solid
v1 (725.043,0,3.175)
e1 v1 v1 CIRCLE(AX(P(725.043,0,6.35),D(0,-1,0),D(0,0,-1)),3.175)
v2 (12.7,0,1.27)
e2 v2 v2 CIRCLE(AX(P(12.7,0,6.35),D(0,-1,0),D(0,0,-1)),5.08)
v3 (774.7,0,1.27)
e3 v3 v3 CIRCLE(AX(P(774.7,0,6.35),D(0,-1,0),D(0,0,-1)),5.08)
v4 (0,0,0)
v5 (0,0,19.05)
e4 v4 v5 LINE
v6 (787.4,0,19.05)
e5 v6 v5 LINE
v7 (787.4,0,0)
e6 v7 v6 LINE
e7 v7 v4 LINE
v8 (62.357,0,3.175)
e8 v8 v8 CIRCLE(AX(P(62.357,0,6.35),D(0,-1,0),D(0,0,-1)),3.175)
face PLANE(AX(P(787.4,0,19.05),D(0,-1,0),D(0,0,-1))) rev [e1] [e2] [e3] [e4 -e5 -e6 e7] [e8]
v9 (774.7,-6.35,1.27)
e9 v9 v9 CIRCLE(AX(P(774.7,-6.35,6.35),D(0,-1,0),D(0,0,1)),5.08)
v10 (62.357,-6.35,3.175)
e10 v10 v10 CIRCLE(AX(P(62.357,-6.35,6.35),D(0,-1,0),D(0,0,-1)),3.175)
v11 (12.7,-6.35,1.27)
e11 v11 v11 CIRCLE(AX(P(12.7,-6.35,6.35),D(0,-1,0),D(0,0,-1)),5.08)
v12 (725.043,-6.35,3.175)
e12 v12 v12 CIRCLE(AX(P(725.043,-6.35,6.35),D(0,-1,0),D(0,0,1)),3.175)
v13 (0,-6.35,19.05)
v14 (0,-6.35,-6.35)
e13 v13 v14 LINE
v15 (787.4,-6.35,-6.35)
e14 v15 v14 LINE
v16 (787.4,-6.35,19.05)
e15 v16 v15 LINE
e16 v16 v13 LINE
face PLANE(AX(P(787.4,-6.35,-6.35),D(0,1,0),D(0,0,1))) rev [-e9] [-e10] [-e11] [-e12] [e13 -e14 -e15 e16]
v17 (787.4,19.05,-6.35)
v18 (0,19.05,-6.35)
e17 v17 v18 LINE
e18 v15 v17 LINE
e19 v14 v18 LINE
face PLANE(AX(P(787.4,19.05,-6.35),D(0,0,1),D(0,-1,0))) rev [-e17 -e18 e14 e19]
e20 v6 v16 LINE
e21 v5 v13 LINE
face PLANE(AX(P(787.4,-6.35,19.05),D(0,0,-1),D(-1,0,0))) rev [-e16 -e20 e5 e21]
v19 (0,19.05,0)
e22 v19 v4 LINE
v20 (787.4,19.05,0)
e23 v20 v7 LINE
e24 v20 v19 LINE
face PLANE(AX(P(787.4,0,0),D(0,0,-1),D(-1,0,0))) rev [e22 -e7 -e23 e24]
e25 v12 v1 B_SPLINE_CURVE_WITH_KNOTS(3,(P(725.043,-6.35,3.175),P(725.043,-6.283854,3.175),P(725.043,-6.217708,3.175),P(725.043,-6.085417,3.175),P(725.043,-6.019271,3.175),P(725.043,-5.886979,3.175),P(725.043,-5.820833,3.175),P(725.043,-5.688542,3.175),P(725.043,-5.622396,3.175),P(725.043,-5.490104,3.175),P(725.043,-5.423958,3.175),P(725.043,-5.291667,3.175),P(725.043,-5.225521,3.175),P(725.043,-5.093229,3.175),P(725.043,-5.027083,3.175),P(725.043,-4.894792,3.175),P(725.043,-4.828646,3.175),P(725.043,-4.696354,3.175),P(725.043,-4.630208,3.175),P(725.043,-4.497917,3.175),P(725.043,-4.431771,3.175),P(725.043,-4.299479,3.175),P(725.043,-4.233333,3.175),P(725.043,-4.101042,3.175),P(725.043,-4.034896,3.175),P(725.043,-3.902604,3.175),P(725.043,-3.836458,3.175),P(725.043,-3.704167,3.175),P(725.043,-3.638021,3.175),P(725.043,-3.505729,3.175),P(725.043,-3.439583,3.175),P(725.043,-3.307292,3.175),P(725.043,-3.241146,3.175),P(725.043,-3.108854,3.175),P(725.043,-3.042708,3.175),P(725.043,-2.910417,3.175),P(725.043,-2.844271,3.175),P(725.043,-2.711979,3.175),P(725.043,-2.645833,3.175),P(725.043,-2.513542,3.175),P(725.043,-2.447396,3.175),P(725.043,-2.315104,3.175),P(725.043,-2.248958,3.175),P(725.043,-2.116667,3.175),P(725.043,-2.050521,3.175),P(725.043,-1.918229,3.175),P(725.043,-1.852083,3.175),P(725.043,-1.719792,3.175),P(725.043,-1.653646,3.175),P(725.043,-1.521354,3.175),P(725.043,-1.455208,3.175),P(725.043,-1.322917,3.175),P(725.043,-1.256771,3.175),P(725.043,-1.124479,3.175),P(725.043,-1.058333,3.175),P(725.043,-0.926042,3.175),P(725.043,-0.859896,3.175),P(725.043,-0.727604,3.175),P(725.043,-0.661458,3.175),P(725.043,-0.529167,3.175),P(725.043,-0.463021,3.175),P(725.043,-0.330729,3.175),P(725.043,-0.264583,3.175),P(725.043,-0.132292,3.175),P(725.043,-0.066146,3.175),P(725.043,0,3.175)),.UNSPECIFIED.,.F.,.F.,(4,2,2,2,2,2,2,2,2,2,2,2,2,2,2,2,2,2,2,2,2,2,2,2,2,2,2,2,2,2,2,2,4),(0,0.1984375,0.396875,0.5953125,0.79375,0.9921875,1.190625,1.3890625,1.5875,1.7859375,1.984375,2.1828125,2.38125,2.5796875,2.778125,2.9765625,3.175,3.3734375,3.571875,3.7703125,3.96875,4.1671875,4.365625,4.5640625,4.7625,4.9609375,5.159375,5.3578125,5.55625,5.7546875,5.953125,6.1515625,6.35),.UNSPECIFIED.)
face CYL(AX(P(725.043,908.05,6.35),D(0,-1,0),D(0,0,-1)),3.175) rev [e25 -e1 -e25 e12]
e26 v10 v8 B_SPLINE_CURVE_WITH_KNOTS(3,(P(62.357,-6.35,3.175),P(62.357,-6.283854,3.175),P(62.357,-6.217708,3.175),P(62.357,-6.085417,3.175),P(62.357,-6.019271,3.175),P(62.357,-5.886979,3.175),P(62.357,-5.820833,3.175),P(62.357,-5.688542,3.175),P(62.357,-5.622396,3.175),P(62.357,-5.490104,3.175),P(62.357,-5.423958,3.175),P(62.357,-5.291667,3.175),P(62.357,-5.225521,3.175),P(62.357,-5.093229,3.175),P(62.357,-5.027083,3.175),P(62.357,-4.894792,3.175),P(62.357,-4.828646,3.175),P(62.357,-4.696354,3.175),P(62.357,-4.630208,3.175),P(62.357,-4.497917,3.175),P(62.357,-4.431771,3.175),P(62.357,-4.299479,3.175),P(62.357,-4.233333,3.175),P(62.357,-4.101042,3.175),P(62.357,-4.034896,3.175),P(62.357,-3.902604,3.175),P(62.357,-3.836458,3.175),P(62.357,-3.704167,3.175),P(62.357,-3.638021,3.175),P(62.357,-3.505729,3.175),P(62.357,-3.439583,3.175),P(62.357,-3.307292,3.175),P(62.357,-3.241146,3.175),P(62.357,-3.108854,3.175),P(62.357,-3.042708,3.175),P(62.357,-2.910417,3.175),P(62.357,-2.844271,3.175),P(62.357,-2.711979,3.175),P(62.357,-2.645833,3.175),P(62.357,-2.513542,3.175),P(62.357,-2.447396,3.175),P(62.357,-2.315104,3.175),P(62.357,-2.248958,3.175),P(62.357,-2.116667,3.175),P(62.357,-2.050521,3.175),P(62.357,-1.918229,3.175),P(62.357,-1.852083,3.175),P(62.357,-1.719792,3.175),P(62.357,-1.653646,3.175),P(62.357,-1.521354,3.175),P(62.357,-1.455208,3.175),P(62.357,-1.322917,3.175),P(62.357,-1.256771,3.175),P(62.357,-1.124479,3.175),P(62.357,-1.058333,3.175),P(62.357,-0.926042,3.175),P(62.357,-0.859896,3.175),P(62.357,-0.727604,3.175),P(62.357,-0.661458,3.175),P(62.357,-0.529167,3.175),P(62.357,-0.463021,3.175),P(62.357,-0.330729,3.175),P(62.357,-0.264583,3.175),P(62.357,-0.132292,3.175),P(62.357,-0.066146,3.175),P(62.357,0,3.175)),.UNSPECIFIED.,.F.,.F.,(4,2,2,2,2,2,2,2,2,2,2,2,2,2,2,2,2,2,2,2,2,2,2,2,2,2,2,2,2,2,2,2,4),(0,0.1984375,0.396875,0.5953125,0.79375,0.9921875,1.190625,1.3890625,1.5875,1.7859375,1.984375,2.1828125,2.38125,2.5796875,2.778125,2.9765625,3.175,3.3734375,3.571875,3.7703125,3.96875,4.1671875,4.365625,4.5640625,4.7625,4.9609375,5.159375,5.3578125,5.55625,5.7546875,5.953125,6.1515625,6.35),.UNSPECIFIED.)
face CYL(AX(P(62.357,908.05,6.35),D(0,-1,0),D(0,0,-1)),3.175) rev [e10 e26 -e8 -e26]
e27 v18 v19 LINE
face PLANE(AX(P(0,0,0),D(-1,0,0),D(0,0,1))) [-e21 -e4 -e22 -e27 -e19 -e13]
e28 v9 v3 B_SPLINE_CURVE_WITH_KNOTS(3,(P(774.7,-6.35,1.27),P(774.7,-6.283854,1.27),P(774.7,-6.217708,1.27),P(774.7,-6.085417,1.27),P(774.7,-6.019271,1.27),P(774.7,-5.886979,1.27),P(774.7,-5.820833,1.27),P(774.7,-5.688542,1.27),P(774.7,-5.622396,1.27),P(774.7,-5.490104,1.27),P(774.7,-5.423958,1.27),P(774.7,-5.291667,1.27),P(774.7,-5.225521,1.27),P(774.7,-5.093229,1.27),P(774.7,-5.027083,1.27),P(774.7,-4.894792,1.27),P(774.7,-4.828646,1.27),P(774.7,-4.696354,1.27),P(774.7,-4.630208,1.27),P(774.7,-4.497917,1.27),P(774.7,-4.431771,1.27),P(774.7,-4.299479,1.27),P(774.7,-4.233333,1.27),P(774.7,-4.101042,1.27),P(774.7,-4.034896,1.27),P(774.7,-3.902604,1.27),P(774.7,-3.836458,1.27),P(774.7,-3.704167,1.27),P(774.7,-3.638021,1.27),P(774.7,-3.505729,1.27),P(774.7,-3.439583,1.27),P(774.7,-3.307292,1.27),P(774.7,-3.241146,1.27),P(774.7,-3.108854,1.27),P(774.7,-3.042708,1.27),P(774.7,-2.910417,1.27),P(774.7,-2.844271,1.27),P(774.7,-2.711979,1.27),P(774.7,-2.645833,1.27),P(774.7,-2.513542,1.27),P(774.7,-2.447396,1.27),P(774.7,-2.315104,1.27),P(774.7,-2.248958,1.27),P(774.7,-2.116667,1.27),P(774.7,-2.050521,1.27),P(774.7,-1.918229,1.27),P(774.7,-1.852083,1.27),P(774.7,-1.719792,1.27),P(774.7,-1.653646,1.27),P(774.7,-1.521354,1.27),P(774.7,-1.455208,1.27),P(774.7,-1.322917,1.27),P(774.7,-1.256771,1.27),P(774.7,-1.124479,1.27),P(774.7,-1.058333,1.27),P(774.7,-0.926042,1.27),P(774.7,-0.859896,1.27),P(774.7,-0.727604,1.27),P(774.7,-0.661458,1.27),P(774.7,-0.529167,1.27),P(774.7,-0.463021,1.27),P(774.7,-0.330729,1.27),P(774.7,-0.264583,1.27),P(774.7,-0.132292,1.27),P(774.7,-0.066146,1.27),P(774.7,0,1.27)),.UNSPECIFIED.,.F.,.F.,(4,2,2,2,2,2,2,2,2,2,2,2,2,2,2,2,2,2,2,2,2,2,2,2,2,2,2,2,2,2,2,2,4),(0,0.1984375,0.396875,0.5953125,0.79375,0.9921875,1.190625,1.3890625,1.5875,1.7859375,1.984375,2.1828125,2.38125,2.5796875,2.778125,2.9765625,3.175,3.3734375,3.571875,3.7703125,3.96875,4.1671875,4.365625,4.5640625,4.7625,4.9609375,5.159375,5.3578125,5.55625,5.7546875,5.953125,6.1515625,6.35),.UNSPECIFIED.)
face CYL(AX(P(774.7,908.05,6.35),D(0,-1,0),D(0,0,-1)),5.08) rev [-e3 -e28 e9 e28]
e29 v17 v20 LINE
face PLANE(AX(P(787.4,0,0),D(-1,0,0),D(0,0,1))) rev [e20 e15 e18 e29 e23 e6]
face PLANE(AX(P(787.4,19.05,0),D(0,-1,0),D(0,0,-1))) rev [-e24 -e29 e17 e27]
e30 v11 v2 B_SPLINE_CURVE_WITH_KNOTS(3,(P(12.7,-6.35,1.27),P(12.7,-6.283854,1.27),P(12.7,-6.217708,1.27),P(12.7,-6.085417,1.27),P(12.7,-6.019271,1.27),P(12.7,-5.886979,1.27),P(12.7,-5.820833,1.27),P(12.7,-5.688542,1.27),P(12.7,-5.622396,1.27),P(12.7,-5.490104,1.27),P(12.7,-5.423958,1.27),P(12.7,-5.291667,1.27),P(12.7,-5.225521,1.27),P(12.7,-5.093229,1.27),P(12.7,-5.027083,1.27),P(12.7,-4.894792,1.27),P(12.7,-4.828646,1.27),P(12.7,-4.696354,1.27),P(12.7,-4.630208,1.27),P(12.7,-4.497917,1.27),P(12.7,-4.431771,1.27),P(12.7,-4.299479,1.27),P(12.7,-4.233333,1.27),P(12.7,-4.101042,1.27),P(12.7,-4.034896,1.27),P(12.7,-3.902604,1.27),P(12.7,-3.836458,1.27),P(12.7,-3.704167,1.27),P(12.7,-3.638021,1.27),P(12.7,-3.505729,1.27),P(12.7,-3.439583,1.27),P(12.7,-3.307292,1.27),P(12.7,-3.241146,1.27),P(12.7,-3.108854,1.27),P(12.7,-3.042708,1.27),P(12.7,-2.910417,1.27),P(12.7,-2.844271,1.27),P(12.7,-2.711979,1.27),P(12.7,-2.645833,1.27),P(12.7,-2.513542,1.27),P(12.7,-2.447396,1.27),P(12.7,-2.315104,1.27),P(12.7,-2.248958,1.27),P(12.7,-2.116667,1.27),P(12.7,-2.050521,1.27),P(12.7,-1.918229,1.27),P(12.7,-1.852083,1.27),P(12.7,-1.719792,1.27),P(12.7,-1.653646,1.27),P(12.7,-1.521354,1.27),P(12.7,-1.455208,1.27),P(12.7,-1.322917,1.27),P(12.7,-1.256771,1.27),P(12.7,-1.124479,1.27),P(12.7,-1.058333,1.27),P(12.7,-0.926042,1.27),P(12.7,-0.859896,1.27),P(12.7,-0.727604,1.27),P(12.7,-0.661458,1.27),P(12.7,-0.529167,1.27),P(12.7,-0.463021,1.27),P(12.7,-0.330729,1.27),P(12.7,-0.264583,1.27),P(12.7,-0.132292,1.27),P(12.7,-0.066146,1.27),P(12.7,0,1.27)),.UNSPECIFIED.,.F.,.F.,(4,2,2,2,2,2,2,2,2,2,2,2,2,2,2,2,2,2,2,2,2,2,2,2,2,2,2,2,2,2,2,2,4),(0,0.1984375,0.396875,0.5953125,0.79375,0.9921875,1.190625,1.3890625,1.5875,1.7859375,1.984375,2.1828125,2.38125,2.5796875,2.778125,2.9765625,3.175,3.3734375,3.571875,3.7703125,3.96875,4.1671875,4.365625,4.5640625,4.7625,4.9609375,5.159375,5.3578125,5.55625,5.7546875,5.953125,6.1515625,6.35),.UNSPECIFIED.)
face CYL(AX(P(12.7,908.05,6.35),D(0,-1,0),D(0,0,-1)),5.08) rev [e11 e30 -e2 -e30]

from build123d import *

# Parameters (mm, degrees)
BOSS_EXTRUDE1_DEPTH = 787.4
SKETCH2_R           = 5.08
SKETCH2_R_2         = 3.175
CUT_EXTRUDE1_DEPTH  = 914.4


with BuildPart() as part:
    # Sketch1 → Boss-Extrude1 (new body)
    with BuildSketch(Plane(origin=(0, 0, 0), x_dir=(0, 0, -1), z_dir=(1, 0, 0))):
        Polygon((0, 0), (0, 19.05), (6.35, 19.05), (6.35, -6.35), (-19.05, -6.35), (-19.05, 0), align=None)
    extrude(amount=BOSS_EXTRUDE1_DEPTH)

    # Sketch2 → Cut-Extrude1 (cut)
    with BuildSketch(Plane.XZ.offset(6.35)):
        with Locations(Location((12.7, 6.35, 0), (0, 0, 270))):
            Circle(SKETCH2_R)
        with Locations(Location((62.357, 6.35, 0), (0, 0, 270))):
            Circle(SKETCH2_R_2)
        with Locations(Location((725.043, 6.35, 0), (0, 0, 270))):
            Circle(SKETCH2_R_2)
        with Locations(Location((774.7, 6.35, 0), (0, 0, 270))):
            Circle(SKETCH2_R)
    extrude(amount=-CUT_EXTRUDE1_DEPTH, mode=Mode.SUBTRACT)


solid = part.part
